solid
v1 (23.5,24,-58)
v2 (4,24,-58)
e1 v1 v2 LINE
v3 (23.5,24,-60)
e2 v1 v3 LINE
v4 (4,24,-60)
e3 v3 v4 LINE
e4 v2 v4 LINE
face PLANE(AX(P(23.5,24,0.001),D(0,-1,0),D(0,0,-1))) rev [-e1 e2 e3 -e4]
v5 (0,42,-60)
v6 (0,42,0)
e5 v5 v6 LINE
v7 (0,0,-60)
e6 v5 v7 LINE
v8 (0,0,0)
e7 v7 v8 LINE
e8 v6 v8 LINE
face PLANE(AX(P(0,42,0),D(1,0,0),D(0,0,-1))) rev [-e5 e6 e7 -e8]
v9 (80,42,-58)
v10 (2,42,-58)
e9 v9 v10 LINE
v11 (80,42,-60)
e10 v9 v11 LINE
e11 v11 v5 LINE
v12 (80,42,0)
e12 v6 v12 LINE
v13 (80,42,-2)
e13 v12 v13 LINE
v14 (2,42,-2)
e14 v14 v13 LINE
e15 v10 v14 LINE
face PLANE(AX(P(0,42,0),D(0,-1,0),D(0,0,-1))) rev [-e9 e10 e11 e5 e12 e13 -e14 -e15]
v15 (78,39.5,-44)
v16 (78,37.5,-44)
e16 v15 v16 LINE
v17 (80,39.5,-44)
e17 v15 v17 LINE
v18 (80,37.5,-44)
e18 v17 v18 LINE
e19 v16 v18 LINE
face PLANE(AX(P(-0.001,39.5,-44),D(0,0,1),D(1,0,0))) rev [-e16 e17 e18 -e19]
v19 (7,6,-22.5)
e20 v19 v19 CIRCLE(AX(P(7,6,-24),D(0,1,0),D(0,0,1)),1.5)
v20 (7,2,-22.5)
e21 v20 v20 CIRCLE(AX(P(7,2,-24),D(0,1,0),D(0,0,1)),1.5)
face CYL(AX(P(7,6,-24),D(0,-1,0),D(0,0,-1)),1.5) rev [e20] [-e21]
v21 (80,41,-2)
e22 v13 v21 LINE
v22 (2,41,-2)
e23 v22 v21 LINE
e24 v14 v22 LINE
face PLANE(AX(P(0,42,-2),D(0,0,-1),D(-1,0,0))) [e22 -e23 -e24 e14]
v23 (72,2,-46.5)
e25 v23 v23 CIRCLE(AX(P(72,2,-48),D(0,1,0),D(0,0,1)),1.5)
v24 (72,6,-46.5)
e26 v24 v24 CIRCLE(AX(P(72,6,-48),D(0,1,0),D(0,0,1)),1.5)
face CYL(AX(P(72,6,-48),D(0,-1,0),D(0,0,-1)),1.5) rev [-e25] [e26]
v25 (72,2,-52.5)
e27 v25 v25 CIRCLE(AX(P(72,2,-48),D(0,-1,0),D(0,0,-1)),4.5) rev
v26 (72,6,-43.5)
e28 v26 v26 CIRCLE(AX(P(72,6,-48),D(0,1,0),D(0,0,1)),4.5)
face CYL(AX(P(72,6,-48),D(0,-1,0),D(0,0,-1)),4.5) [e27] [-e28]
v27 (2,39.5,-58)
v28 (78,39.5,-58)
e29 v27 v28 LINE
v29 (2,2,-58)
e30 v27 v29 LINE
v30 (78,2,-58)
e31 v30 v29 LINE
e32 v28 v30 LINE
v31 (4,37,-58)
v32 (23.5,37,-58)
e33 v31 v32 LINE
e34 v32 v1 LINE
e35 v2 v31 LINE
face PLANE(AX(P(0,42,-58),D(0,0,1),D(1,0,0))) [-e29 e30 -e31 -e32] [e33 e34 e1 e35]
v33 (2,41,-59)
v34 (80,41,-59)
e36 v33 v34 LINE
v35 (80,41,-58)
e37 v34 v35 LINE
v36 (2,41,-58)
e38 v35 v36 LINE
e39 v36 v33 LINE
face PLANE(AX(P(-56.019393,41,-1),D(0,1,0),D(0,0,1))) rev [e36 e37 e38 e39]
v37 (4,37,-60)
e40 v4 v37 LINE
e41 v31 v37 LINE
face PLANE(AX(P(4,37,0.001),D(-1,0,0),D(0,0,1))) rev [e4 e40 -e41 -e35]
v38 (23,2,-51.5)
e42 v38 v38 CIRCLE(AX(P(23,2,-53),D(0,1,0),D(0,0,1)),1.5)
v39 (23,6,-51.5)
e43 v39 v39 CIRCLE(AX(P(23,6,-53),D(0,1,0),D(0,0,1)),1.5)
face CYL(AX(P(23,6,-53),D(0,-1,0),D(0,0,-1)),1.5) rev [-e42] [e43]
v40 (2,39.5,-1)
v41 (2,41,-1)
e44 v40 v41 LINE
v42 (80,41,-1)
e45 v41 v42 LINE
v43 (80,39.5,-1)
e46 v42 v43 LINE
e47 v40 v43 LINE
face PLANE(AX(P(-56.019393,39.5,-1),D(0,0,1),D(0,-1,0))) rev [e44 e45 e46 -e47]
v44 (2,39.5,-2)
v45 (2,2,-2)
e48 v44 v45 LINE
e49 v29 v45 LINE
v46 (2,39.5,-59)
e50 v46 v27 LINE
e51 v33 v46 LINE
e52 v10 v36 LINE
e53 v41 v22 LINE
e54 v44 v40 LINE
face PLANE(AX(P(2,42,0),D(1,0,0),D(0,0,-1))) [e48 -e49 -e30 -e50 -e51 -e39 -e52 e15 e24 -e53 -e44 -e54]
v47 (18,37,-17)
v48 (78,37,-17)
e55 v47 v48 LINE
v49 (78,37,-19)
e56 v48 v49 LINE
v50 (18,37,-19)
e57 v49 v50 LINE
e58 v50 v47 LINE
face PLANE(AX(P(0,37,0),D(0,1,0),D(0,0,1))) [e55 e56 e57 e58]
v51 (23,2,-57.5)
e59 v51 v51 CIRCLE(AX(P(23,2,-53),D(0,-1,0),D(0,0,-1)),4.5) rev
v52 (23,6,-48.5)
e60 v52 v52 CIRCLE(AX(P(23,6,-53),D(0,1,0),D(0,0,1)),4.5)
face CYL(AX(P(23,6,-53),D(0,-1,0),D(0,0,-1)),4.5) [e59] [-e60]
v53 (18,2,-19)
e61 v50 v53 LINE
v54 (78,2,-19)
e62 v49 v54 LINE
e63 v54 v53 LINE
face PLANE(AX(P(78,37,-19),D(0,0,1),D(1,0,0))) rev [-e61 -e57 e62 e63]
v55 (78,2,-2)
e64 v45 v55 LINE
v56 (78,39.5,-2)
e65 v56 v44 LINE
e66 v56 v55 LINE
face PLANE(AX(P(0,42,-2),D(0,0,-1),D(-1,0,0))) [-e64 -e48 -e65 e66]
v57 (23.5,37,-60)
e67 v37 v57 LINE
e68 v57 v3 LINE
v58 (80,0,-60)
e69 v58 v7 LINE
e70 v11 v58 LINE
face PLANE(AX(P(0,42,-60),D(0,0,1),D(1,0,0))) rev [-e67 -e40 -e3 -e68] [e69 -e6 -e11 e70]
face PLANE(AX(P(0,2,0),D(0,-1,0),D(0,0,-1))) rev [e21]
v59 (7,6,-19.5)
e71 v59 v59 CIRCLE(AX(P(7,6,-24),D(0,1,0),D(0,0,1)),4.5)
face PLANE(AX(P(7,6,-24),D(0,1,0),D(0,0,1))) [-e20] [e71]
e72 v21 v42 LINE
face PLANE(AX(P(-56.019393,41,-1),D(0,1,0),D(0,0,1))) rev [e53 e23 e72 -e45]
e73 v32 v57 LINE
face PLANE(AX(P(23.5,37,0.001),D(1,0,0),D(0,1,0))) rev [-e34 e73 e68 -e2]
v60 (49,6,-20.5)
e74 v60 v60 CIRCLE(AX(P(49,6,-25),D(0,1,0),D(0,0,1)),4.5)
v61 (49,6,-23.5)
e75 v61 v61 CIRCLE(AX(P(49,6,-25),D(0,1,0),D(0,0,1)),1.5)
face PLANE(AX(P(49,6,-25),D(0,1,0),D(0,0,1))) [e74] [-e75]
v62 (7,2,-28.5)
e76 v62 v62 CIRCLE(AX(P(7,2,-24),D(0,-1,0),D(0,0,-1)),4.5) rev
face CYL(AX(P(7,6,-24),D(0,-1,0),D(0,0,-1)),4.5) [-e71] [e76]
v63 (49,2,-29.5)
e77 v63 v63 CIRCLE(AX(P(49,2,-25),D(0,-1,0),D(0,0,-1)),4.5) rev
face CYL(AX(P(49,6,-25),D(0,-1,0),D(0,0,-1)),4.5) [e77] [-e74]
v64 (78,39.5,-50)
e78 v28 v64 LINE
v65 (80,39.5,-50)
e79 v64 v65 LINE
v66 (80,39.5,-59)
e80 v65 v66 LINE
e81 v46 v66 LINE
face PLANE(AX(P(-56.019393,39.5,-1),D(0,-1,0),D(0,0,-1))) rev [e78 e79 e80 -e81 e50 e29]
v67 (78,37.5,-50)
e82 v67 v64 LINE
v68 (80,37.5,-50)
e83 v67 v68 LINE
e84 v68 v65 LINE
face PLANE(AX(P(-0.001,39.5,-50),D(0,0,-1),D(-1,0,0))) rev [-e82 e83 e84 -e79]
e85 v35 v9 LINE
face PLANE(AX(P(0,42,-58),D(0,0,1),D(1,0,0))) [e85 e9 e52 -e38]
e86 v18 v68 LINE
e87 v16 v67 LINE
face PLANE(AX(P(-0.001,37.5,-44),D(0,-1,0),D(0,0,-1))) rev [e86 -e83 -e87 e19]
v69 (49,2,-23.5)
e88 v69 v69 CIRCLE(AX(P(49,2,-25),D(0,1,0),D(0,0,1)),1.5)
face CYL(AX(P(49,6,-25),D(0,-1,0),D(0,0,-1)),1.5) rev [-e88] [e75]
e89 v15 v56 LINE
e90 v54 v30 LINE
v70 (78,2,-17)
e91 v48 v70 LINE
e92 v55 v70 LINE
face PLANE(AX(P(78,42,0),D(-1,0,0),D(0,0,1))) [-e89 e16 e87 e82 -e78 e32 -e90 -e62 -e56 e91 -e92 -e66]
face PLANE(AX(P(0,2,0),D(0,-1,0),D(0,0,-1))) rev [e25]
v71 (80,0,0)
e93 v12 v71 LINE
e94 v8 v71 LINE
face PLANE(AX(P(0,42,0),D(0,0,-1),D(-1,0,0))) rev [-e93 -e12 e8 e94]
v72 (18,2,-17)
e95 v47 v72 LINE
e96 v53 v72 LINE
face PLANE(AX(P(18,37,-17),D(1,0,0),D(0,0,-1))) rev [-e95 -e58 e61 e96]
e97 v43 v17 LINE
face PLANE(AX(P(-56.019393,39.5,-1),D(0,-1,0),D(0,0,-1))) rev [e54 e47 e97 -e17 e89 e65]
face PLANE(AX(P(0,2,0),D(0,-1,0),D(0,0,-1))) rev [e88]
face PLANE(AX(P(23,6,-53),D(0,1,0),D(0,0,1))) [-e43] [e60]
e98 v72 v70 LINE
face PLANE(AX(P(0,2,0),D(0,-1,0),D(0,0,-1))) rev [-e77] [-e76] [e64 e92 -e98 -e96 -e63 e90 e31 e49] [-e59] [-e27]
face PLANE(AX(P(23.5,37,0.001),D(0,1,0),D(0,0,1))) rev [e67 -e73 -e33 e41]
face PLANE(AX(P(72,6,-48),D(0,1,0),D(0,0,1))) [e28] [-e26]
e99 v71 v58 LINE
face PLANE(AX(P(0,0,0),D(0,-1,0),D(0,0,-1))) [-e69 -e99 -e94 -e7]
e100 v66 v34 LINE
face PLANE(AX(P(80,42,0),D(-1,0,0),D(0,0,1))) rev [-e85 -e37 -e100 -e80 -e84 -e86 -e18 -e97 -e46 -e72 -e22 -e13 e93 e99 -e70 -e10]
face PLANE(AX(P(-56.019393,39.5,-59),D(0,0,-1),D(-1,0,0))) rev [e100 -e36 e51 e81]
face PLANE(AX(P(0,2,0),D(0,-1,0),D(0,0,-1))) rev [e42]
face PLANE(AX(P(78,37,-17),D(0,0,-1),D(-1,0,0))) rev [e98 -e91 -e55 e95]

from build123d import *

# Parameters (mm, degrees)
SKIZZE1_W                       = 80
SKIZZE1_H                       = 60
AUFSATZ_LINEAR_AUSTRAGEN1_DEPTH = 42
WANDUNG1_T                      = -2
SKIZZE2_W                       = 60
SKIZZE2_H                       = 2
AUFSATZ_LINEAR_AUSTRAGEN2_DEPTH = 35
SKIZZE3_R                       = 4.5
SKIZZE3_R_2                     = 1.5
AUFSATZ_LINEAR_AUSTRAGEN3_DEPTH = 4
SKIZZE4_R                       = 4.5
SKIZZE4_R_2                     = 1.5
AUFSATZ_LINEAR_AUSTRAGEN4_DEPTH = 4
SCHNITT_LINEAR_AUSTRAGEN1_REACH = 82
SKIZZE6_W                       = 56
SKIZZE6_H                       = 2
SKIZZE7_W                       = 58
SKIZZE7_H                       = 1.5
SCHNITT_LINEAR_AUSTRAGEN2_DEPTH = 78
SCHNITT_LINEAR_AUSTRAGEN3_REACH = 82
SKIZZE8_W                       = 6
SKIZZE8_H                       = 2
SCHNITT_LINEAR_AUSTRAGEN5_REACH = 62
SKIZZE9_W                       = 19.5
SKIZZE9_H                       = 13


with BuildPart() as part:
    # Skizze1 → Aufsatz-Linear austragen1 (new body)
    with BuildSketch(Plane(origin=(0, 0, 0), x_dir=(1, 0, 0), z_dir=(0, 1, 0))):
        with Locations((40, 30)):
            Rectangle(SKIZZE1_W, SKIZZE1_H)
    extrude(amount=AUFSATZ_LINEAR_AUSTRAGEN1_DEPTH)

    # Wandung1
    wandung1_openings = [part.faces().sort_by_distance(p)[0] for p in [
        (40, 42, -30),
    ]]
    offset(amount=WANDUNG1_T, openings=wandung1_openings, kind=Kind.INTERSECTION)

    # Skizze2 → Aufsatz-Linear austragen2 (add)
    with BuildSketch(Plane(origin=(0, 2, 0), x_dir=(1, 0, 0), z_dir=(0, 1, 0))):
        with Locations((48, 18)):
            Rectangle(SKIZZE2_W, SKIZZE2_H)
    extrude(amount=AUFSATZ_LINEAR_AUSTRAGEN2_DEPTH)

    # Skizze3 → Aufsatz-Linear austragen3 (add)
    with BuildSketch(Plane(origin=(0, 2, 0), x_dir=(1, 0, 0), z_dir=(0, 1, 0))):
        with Locations((7, 24)):
            Circle(SKIZZE3_R)
        with Locations((7, 24)):
            Circle(SKIZZE3_R_2, mode=Mode.SUBTRACT)
        with Locations((23, 53)):
            Circle(SKIZZE3_R)
        with Locations((23, 53)):
            Circle(SKIZZE3_R_2, mode=Mode.SUBTRACT)
    extrude(amount=AUFSATZ_LINEAR_AUSTRAGEN3_DEPTH)

    # Skizze4 → Aufsatz-Linear austragen4 (add)
    with BuildSketch(Plane(origin=(0, 2, 0), x_dir=(1, 0, 0), z_dir=(0, 1, 0))):
        with Locations((49, 25)):
            Circle(SKIZZE4_R)
        with Locations((49, 25)):
            Circle(SKIZZE4_R_2, mode=Mode.SUBTRACT)
        with Locations((72, 48)):
            Circle(SKIZZE4_R)
        with Locations((72, 48)):
            Circle(SKIZZE4_R_2, mode=Mode.SUBTRACT)
    extrude(amount=AUFSATZ_LINEAR_AUSTRAGEN4_DEPTH)

    # Skizze6 → Schnitt-Linear austragen1 (cut, up to next)
    with BuildSketch(Plane(origin=(80, 0, 0), x_dir=(0, 0, -1), z_dir=(1, 0, 0)), mode=Mode.PRIVATE) as schnitt_linear_austragen1_sk1:
        with Locations((30, 41)):
            Rectangle(SKIZZE6_W, SKIZZE6_H)
    schnitt_linear_austragen1_tool1 = extrude(schnitt_linear_austragen1_sk1.sketch, amount=-SCHNITT_LINEAR_AUSTRAGEN1_REACH, mode=Mode.PRIVATE) & part.part
    add(schnitt_linear_austragen1_tool1.solids().sort_by_distance((80, 41, -30))[0], mode=Mode.SUBTRACT)

    # Skizze7 → Schnitt-Linear austragen2 (cut)
    with BuildSketch(Plane(origin=(80, 0, 0), x_dir=(0, 0, -1), z_dir=(1, 0, 0))):
        with Locations((30, 40.25)):
            Rectangle(SKIZZE7_W, SKIZZE7_H)
    extrude(amount=-SCHNITT_LINEAR_AUSTRAGEN2_DEPTH, mode=Mode.SUBTRACT)

    # Skizze8 → Schnitt-Linear austragen3 (cut, up to next)
    with BuildSketch(Plane(origin=(80, 0, 0), x_dir=(0, 0, -1), z_dir=(1, 0, 0)), mode=Mode.PRIVATE) as schnitt_linear_austragen3_sk1:
        with Locations((47, 38.5)):
            Rectangle(SKIZZE8_W, SKIZZE8_H)
    schnitt_linear_austragen3_tool1 = extrude(schnitt_linear_austragen3_sk1.sketch, amount=-SCHNITT_LINEAR_AUSTRAGEN3_REACH, mode=Mode.PRIVATE) & part.part
    add(schnitt_linear_austragen3_tool1.solids().sort_by_distance((80, 38.5, -47))[0], mode=Mode.SUBTRACT)

    # Skizze9 → Schnitt-Linear austragen5 (cut, up to next)
    with BuildSketch(Plane(origin=(0, 0, -60), x_dir=(-1, 0, 0), z_dir=(0, 0, -1)), mode=Mode.PRIVATE) as schnitt_linear_austragen5_sk1:
        with Locations((-13.75, 30.5)):
            Rectangle(SKIZZE9_W, SKIZZE9_H)
    schnitt_linear_austragen5_tool1 = extrude(schnitt_linear_austragen5_sk1.sketch, amount=-SCHNITT_LINEAR_AUSTRAGEN5_REACH, mode=Mode.PRIVATE) & part.part
    add(schnitt_linear_austragen5_tool1.solids().sort_by_distance((13.75, 30.5, -60))[0], mode=Mode.SUBTRACT)


solid = part.part
